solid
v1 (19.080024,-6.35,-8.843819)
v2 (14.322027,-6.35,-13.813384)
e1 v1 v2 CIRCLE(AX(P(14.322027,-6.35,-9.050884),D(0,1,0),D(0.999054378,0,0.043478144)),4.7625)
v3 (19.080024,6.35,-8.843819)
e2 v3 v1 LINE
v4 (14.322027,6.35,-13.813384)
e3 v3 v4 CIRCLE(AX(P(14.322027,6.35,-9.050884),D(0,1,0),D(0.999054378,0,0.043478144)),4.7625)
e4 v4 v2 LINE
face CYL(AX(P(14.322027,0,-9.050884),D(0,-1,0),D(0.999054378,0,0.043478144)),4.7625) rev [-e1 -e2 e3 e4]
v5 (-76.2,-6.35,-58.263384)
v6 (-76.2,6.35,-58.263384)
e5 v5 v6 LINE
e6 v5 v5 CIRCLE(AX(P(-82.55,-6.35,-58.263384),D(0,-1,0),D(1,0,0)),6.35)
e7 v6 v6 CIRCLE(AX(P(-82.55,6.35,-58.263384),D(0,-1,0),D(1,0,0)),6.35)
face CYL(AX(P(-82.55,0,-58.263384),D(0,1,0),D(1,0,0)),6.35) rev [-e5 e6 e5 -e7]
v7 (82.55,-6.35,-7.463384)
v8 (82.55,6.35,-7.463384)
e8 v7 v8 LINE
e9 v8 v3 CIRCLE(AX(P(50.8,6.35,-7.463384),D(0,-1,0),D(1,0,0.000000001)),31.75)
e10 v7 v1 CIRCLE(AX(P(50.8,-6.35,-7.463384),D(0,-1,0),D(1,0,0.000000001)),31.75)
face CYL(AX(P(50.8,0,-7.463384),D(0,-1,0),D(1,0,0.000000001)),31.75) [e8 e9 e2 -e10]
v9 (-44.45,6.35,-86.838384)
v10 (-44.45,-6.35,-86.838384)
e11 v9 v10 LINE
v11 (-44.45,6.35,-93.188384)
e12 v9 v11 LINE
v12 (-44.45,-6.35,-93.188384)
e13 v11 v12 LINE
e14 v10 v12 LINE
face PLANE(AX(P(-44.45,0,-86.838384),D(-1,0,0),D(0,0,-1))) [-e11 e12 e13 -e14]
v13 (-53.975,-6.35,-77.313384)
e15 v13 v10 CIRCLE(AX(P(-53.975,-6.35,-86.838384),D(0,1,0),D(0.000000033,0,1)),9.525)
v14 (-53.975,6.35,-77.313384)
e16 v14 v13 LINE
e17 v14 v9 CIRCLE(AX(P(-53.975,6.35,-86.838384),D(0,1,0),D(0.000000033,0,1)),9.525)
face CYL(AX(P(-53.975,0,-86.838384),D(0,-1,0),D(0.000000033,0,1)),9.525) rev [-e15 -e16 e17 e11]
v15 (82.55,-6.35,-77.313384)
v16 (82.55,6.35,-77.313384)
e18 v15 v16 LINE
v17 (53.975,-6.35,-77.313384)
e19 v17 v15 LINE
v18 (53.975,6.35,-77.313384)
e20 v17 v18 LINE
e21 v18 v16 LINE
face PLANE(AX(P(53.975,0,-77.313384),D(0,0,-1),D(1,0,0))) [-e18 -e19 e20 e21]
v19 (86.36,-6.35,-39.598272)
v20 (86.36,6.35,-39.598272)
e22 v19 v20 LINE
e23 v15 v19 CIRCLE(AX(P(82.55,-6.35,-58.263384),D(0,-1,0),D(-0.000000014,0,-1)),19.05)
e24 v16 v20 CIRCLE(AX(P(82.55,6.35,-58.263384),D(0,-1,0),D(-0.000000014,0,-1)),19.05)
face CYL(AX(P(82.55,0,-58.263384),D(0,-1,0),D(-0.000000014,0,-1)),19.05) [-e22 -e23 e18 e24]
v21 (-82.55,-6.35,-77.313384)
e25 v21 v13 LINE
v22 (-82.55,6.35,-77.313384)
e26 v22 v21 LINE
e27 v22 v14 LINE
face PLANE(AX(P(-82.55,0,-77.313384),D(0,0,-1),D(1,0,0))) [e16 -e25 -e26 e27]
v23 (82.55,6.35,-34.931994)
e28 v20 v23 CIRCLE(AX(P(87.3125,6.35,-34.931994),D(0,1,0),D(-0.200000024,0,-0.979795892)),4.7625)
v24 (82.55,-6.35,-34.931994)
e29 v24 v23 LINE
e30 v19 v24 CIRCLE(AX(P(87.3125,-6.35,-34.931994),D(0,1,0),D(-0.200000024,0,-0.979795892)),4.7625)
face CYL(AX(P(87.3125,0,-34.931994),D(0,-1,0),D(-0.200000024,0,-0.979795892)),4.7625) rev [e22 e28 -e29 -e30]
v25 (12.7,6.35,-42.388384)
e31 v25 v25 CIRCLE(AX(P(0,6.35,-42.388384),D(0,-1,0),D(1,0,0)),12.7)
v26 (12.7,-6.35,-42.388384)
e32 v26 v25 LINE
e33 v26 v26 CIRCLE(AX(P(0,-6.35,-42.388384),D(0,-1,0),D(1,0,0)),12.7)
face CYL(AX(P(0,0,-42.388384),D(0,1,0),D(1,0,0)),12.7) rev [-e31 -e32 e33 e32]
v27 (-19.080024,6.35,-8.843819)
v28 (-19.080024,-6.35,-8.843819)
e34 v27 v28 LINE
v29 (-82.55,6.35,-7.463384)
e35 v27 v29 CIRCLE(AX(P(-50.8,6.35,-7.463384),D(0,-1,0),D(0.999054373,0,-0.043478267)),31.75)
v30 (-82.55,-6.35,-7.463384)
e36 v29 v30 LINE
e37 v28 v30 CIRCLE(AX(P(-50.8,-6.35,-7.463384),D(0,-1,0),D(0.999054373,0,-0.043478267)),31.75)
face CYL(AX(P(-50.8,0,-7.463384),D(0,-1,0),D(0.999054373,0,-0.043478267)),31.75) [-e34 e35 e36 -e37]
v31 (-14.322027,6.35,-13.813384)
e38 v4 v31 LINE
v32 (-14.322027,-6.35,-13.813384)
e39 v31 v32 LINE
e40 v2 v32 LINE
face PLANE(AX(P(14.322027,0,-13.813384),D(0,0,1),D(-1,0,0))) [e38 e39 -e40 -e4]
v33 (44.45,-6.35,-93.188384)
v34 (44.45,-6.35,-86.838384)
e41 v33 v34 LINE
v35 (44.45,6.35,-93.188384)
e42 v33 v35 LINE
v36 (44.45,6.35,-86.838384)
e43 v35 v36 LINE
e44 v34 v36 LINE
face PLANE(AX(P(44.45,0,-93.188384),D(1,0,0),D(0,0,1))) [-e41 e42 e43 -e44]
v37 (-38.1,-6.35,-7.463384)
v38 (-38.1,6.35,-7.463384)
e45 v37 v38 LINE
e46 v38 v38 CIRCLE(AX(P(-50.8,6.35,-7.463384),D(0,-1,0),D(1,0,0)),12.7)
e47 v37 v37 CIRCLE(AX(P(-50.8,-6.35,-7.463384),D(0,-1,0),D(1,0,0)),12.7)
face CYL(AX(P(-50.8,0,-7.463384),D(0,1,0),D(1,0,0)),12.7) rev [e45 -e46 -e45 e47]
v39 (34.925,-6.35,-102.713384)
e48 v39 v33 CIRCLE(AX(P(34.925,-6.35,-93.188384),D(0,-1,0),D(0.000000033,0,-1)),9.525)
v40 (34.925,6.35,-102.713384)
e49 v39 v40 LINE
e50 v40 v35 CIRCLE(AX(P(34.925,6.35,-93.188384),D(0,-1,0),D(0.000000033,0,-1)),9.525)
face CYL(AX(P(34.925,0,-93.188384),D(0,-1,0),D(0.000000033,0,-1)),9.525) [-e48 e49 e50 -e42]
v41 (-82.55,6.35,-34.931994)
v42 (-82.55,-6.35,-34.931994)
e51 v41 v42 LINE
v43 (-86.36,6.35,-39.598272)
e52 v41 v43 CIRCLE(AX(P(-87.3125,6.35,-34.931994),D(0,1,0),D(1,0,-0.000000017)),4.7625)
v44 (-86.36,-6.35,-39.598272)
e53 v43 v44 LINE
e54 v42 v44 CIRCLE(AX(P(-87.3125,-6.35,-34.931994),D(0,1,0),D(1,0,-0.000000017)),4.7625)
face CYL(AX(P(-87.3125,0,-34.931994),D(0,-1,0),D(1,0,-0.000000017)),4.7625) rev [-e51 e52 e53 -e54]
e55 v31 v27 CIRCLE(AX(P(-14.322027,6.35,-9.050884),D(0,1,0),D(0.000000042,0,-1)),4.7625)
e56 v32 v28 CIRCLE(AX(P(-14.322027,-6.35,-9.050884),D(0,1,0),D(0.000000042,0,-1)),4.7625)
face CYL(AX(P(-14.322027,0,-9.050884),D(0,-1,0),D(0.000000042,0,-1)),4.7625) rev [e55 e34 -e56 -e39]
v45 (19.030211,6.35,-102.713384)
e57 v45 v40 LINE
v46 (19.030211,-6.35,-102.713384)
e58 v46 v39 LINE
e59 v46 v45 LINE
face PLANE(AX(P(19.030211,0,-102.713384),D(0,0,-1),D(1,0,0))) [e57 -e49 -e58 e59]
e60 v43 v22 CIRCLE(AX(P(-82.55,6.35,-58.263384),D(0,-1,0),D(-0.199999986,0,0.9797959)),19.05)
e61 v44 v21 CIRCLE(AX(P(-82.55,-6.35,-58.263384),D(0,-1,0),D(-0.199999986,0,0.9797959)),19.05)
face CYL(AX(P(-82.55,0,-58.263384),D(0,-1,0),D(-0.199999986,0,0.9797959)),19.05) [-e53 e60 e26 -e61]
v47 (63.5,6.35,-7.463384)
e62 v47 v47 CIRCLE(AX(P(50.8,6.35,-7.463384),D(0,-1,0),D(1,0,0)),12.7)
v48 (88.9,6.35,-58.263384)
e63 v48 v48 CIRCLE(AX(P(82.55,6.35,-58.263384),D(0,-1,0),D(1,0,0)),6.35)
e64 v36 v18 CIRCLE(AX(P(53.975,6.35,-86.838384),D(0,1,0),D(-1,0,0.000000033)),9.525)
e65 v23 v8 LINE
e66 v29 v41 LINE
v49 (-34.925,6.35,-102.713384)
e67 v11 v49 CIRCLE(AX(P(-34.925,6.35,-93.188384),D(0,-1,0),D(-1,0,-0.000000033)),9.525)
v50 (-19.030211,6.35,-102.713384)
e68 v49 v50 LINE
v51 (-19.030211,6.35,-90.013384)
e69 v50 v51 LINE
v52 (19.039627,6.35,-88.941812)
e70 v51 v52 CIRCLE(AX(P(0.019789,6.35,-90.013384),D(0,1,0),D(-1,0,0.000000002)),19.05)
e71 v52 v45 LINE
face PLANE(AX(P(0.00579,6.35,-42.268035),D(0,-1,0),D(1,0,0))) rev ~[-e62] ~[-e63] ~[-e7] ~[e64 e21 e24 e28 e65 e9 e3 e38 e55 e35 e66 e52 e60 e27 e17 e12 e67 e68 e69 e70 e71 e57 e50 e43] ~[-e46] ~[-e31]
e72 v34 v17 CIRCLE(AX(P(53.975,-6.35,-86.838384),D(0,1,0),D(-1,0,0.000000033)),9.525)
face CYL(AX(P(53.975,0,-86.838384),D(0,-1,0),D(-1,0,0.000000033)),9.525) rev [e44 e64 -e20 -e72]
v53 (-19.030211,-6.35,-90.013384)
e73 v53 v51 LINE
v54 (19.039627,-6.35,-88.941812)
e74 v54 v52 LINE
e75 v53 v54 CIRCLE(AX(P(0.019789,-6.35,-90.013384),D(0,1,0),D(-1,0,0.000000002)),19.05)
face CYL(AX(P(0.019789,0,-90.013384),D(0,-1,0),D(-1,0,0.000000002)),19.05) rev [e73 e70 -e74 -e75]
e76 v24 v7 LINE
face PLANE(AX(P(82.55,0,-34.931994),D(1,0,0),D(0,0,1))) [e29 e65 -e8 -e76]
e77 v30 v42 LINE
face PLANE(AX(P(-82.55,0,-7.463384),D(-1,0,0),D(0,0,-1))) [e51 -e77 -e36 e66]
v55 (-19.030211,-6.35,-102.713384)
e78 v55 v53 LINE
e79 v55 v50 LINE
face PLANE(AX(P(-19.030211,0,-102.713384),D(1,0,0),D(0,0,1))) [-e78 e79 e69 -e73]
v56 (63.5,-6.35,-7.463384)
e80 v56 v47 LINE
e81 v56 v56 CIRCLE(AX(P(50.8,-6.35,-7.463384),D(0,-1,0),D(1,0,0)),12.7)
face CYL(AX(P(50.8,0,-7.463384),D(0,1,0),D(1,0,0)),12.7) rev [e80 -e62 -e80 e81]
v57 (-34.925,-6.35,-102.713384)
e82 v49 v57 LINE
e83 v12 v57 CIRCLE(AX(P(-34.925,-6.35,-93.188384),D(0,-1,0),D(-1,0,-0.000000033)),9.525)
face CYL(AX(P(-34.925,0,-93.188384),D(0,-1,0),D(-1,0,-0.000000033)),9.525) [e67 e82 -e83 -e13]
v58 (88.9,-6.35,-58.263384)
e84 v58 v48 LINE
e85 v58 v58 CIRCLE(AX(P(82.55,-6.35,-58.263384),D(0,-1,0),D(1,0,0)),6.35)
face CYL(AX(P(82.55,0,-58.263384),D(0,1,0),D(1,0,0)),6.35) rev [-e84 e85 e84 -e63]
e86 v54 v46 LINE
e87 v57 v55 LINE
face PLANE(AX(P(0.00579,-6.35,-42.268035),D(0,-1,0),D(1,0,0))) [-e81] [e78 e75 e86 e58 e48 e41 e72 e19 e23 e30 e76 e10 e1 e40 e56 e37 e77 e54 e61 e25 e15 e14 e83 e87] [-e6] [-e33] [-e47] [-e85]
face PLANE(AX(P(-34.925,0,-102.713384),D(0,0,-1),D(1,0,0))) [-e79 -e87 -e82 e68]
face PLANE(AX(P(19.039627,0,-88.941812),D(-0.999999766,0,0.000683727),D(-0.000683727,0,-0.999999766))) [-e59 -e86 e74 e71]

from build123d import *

# Parameters (mm, degrees)
F0_R     = 7.9375
F0_R_2   = 12.7
F0_R_3   = 6.35
F1_DEPTH = 6.35


with BuildPart() as f1:
    # F0 (on Front) → F1 (new body, symmetric)
    with BuildSketch(Plane.XZ):
        with BuildLine():
            ThreePointArc((82.55, -7.463384), (50.109619, 24.279109), (19.080024, -8.843819))
            ThreePointArc((19.080024, -8.843819), (17.762053, -12.344458), (14.322027, -13.813384))
            Line((14.322027, -13.813384), (0, -13.813384))
            Line((0, -13.813384), (-14.322027, -13.813384))
            ThreePointArc((-14.322027, -13.813384), (-17.762053, -12.344458), (-19.080024, -8.843819))
            ThreePointArc((-19.080024, -8.843819), (-50.109619, 24.279109), (-82.55, -7.463384))
            Line((-82.55, -7.463384), (-82.55, -34.931994))
            ThreePointArc((-82.55, -34.931994), (-83.623483, -37.944063), (-86.36, -39.598272))
            ThreePointArc((-86.36, -39.598272), (-101.503534, -60.17808), (-82.55, -77.313384))
            Line((-82.55, -77.313384), (-53.975, -77.313384))
            ThreePointArc((-53.975, -77.313384), (-47.239808, -80.103192), (-44.45, -86.838384))
            Line((-44.45, -86.838384), (-44.45, -93.188384))
            ThreePointArc((-44.45, -93.188384), (-41.660192, -99.923576), (-34.925, -102.713384))
            Line((-34.925, -102.713384), (-19.030211, -102.713384))
            Line((-19.030211, -102.713384), (-19.030211, -90.013384))
            ThreePointArc((-19.030211, -90.013384), (-0.516209, -70.970926), (19.039627, -88.941812))
            Line((19.039627, -88.941812), (19.030211, -102.713384))
            Line((19.030211, -102.713384), (34.925, -102.713384))
            ThreePointArc((34.925, -102.713384), (41.660192, -99.923576), (44.45, -93.188384))
            Line((44.45, -93.188384), (44.45, -86.838384))
            ThreePointArc((44.45, -86.838384), (47.239808, -80.103192), (53.975, -77.313384))
            Line((53.975, -77.313384), (82.55, -77.313384))
            ThreePointArc((82.55, -77.313384), (101.503534, -60.17808), (86.36, -39.598272))
            ThreePointArc((86.36, -39.598272), (83.623483, -37.944063), (82.55, -34.931994))
            Line((82.55, -34.931994), (82.55, -7.463384))
        make_face()
        with Locations((-82.55, -58.263384)):
            Circle(F0_R, mode=Mode.SUBTRACT)
        with Locations((0, -42.388384)):
            Circle(F0_R_2, mode=Mode.SUBTRACT)
        with Locations((82.55, -58.263384)):
            Circle(F0_R, mode=Mode.SUBTRACT)
        with Locations((-50.8, -7.463384)):
            Circle(F0_R_2, mode=Mode.SUBTRACT)
        with Locations((50.8, -7.463384)):
            Circle(F0_R_2, mode=Mode.SUBTRACT)
        with Locations((82.55, -58.263384)):
            Circle(F0_R)
        with Locations((82.55, -58.263384)):
            Circle(F0_R_3, mode=Mode.SUBTRACT)
        with Locations((-82.55, -58.263384)):
            Circle(F0_R)
        with Locations((-82.55, -58.263384)):
            Circle(F0_R_3, mode=Mode.SUBTRACT)
    extrude(amount=F1_DEPTH, both=True)


solid = f1.part
